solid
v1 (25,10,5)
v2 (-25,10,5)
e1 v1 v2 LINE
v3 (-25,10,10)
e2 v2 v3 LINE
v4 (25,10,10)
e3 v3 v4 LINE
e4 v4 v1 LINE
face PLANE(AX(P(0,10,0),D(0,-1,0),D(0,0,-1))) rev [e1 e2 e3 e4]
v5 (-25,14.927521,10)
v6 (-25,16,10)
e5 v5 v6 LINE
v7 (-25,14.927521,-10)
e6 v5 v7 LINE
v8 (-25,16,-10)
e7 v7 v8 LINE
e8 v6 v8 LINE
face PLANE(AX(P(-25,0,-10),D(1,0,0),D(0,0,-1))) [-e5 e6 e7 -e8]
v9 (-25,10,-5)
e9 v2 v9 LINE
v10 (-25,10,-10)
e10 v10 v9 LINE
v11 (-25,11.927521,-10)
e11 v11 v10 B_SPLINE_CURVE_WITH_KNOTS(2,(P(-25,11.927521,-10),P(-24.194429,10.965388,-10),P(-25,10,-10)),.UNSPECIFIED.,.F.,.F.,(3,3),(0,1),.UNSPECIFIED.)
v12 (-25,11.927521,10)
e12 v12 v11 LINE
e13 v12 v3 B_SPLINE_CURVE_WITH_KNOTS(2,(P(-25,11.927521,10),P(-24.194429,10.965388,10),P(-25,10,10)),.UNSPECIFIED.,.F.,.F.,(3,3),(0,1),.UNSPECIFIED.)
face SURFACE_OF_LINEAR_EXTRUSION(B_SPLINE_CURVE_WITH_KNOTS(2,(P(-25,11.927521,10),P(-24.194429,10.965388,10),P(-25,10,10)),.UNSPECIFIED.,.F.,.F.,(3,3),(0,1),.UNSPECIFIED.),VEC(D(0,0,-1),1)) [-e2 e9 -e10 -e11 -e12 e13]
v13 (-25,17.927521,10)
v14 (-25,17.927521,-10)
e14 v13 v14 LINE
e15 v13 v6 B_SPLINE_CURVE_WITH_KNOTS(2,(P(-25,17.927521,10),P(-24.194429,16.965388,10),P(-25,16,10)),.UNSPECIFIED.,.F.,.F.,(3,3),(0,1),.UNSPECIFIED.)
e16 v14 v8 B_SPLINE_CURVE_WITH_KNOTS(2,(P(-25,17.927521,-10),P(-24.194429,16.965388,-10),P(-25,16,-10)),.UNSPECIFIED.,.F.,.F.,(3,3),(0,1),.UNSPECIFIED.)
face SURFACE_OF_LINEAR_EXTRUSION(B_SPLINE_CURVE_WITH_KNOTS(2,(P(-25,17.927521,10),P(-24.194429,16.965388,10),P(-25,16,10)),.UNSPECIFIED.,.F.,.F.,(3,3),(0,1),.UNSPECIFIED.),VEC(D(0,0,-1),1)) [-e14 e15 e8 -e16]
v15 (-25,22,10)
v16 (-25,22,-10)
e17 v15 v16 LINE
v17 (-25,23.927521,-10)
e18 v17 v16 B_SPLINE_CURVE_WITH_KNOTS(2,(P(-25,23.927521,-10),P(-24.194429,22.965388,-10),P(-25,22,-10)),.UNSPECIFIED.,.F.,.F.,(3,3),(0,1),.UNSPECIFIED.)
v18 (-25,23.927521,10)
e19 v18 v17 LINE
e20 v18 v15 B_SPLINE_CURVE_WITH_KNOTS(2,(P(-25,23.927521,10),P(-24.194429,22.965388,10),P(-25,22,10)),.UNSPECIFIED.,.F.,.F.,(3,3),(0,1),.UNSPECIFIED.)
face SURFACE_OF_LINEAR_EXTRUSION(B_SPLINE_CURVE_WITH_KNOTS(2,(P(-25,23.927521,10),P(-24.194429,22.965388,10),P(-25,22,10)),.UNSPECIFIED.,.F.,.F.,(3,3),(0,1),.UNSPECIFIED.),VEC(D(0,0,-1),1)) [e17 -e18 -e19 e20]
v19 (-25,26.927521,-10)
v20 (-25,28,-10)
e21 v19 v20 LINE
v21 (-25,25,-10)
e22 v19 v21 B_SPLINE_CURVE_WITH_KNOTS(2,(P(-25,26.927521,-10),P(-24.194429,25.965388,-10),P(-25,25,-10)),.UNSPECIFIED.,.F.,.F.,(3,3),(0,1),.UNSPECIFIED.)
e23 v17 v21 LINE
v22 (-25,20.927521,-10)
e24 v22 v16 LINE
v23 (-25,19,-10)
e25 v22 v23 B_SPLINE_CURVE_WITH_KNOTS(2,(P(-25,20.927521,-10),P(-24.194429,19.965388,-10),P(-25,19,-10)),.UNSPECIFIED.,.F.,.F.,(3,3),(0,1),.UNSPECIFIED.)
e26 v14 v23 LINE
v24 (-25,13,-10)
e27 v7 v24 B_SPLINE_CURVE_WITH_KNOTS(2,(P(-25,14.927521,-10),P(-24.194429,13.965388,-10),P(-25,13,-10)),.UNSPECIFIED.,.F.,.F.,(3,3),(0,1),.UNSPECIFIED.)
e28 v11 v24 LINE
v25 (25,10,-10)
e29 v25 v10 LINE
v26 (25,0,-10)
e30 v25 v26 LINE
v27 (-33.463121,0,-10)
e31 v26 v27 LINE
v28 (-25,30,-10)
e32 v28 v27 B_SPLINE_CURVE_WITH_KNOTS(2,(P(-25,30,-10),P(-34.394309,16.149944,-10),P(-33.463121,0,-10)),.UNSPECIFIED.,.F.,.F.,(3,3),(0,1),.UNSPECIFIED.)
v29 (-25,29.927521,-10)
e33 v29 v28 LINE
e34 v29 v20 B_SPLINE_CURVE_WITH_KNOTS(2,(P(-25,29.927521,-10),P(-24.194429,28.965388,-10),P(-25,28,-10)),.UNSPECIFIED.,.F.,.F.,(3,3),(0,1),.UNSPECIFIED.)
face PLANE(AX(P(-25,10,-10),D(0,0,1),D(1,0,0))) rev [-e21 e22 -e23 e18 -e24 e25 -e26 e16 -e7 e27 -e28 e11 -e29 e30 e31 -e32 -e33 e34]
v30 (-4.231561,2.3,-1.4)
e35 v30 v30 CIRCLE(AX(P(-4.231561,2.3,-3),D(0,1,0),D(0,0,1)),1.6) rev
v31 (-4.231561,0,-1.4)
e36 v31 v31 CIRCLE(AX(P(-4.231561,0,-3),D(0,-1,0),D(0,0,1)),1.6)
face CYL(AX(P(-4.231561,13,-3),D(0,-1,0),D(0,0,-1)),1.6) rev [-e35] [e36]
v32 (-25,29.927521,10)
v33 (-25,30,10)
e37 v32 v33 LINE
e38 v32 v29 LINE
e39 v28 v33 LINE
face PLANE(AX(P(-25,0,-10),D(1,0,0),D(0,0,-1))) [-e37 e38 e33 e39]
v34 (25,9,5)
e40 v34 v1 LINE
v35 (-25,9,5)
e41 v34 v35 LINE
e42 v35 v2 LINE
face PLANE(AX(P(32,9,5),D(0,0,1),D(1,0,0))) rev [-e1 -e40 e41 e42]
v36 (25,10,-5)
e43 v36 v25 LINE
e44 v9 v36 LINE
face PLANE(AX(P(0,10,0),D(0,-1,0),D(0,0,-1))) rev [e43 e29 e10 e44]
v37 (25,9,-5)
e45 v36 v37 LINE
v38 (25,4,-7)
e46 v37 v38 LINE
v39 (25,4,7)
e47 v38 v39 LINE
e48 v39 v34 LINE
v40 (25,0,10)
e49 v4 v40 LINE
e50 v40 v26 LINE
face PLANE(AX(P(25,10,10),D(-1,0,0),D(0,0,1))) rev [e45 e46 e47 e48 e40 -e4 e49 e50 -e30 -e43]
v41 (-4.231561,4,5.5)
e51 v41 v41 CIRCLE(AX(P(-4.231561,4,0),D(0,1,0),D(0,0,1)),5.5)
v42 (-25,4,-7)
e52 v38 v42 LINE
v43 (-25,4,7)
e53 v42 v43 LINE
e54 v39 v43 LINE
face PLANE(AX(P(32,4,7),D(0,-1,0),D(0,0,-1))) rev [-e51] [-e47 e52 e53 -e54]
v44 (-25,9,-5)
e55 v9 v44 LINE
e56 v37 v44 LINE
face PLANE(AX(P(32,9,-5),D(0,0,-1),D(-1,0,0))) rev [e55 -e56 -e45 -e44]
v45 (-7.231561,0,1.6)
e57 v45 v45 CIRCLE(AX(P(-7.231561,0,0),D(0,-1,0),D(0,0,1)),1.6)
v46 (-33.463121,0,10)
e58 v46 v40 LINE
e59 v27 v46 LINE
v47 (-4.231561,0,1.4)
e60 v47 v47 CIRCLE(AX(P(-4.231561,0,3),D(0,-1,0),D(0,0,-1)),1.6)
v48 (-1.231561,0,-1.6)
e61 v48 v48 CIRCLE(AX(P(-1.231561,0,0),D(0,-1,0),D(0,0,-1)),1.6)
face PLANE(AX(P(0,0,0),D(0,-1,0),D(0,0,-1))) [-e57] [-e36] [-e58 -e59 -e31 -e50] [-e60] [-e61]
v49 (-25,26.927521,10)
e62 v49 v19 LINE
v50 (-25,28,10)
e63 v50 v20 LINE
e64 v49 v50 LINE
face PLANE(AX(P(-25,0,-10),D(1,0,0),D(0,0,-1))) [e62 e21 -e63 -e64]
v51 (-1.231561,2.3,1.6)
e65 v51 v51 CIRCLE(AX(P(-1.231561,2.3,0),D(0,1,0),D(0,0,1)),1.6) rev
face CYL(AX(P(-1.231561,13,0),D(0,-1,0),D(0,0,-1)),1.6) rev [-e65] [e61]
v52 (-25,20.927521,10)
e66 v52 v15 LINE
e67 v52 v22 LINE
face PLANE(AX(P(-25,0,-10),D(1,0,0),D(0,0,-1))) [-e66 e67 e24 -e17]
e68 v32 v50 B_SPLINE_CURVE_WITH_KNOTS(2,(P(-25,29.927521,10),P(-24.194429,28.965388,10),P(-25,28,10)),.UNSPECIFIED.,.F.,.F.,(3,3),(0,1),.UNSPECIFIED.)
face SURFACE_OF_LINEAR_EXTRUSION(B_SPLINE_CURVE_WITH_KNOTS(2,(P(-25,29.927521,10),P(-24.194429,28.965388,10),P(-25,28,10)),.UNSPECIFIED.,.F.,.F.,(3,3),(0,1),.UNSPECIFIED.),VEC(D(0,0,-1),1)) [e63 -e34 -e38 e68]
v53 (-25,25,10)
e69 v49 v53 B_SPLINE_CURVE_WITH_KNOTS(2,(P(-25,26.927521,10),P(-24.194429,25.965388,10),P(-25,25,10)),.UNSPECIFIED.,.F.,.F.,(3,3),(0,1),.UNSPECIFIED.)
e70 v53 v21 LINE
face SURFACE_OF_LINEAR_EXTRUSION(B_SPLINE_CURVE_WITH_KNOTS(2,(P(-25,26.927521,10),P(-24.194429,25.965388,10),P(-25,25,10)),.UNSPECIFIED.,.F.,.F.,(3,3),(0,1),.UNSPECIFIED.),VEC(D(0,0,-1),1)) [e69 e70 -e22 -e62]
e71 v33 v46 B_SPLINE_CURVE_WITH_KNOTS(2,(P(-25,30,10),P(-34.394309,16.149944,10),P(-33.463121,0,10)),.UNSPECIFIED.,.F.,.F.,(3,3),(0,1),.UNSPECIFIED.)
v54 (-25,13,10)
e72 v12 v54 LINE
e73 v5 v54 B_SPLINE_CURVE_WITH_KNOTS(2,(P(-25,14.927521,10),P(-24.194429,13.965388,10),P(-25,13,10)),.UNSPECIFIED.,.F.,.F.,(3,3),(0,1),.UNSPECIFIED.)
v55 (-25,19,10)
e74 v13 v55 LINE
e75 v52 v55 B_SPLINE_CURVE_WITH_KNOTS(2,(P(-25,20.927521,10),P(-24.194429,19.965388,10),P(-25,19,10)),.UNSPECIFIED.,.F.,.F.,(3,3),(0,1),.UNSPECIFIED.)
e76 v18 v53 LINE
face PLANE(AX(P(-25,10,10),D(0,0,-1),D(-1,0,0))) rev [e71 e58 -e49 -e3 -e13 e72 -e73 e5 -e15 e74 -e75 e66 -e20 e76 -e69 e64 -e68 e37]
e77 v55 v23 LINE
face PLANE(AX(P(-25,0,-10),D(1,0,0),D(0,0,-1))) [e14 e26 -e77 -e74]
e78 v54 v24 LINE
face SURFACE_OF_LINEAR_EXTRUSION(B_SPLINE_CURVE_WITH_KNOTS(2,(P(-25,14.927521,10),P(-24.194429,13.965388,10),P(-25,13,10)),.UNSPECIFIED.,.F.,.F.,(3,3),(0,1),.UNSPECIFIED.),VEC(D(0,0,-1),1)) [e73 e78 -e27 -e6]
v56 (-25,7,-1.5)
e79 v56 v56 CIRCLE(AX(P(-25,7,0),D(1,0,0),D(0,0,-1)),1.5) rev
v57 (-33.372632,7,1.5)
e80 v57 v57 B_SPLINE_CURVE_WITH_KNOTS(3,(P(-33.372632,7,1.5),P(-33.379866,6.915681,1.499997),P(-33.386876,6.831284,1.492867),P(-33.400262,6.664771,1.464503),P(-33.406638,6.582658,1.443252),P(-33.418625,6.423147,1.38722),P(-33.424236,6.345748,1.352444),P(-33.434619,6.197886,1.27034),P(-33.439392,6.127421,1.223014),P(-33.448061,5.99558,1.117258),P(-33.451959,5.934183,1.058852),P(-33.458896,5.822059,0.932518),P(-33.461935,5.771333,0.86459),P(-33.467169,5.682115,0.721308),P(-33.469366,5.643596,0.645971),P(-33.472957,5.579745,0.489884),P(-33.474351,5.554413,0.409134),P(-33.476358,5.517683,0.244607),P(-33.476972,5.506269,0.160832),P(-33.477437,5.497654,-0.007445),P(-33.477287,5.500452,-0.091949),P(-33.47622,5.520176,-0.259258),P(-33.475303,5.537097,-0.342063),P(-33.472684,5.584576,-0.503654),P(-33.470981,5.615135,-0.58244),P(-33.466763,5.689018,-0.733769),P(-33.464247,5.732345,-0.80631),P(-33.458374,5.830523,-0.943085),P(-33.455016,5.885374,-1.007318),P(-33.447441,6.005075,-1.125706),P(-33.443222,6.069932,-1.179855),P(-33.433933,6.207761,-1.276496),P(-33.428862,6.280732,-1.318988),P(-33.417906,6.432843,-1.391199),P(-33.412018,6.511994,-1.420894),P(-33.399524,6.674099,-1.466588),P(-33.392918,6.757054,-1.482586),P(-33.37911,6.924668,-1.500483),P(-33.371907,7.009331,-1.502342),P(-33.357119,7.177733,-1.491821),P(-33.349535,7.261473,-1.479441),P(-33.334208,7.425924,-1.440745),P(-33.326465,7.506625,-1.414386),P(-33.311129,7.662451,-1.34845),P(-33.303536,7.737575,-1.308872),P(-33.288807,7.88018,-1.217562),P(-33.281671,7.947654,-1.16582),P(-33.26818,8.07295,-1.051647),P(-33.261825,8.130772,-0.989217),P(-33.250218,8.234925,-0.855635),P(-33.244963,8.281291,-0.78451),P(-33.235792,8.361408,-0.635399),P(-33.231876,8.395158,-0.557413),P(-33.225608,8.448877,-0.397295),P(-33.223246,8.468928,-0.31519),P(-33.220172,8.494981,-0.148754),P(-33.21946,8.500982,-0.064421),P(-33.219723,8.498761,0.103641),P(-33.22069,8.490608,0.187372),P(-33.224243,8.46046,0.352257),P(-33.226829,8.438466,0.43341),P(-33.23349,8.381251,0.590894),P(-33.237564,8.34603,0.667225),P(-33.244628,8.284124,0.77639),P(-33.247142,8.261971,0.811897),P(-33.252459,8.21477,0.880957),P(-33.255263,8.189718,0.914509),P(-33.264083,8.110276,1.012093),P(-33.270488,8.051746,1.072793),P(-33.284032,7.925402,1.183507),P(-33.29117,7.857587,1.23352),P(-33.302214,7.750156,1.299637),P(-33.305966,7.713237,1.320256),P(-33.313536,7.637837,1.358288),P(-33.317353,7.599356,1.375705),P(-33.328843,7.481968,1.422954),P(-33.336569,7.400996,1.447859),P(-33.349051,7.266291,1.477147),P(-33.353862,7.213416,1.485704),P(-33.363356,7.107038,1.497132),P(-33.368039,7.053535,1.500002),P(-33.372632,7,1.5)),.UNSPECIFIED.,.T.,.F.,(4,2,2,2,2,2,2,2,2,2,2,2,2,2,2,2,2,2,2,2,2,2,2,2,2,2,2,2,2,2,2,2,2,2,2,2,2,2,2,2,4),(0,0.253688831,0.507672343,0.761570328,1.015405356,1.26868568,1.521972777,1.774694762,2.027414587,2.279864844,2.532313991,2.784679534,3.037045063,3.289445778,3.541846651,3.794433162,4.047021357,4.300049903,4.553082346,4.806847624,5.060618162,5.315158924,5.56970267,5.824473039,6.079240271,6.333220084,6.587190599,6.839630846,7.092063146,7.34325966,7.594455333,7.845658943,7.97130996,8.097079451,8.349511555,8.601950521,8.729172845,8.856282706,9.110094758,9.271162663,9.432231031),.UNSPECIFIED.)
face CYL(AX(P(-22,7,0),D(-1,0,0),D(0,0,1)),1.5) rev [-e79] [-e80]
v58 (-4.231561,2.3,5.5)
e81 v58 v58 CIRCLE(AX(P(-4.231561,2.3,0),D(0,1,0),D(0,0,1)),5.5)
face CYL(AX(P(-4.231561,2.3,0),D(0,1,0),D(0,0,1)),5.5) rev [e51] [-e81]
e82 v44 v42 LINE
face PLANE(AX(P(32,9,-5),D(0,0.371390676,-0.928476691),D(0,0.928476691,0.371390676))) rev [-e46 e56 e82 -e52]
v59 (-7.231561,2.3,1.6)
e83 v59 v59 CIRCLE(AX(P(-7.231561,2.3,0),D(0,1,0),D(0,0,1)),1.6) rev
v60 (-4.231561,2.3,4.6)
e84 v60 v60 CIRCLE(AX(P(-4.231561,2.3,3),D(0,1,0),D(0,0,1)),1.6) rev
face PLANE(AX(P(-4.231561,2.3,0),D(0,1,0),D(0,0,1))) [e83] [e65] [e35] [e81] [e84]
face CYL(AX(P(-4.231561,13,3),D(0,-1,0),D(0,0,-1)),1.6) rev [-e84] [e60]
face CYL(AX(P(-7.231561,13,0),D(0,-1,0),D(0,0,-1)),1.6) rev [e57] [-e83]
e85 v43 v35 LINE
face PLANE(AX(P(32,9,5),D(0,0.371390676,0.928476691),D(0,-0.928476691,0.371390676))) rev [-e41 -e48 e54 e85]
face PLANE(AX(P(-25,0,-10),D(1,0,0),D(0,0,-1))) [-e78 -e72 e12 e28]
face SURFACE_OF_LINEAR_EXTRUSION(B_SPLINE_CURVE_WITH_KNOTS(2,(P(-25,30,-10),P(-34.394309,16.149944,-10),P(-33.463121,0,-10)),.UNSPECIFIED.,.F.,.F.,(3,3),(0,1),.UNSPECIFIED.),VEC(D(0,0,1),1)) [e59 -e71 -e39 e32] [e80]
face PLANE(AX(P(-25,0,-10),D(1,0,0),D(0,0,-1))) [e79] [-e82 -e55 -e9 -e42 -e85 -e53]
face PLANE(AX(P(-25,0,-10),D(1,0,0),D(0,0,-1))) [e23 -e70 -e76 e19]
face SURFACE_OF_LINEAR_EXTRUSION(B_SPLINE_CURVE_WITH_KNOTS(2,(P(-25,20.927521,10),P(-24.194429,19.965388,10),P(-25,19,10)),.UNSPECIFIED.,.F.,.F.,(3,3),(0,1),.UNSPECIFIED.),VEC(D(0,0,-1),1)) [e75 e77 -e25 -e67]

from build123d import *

# Parameters (mm, degrees)
SKETCH_1_W               = 50
SKETCH_1_H               = 20
EXTRUDE_1_DEPTH          = 10
CUT_EXTRUDE_1_DEPTH      = 57
CUT_EXTRUDE_2_DEPTH      = 57
EXTRUDE_2_DEPTH          = 20
EXTRUDE_3_DEPTH          = 20
CUT_EXTRUDE_3_DEPTH      = 3
CUT_EXTRUDE_3_DEPTH_BACK = 16
SKETCH_7_R               = 1.5
SKETCH_12_R              = 1.6
CUT_EXTRUDE_4_DEPTH      = 13
SKETCH_13_R              = 5.5
CUT_EXTRUDE_6_DEPTH      = 1.7


with BuildPart() as part:
    # 草图1 → 凸台-拉伸1 (new body)
    with BuildSketch(Plane(origin=(0, 0, 0), x_dir=(1, 0, 0), z_dir=(0, 1, 0))):
        Rectangle(SKETCH_1_W, SKETCH_1_H)
    extrude(amount=EXTRUDE_1_DEPTH)

    # 草图2 → 切除-拉伸1 (cut)
    with BuildSketch(Plane.ZY.offset(25)):
        Polygon((7, 4), (-7, 4), (-5, 9), (5, 9), align=None)
    extrude(amount=-CUT_EXTRUDE_1_DEPTH, mode=Mode.SUBTRACT)

    # 草图3 → 切除-拉伸2 (cut)
    with BuildSketch(Plane.ZY.offset(25)):
        Polygon((-5, 9), (-5, 16.661524688), (-5, 24.510715087), (5, 24.510715087), (5, 9), align=None)
    extrude(amount=-CUT_EXTRUDE_2_DEPTH, mode=Mode.SUBTRACT)

    # 草图5 → 凸台-拉伸2 (add)
    with BuildSketch(Plane.XY.offset(10)):
        with BuildLine():
            Line((-25, 0), (-25, 30))
            add(Edge.make_bspline(
                [(-25, 30), (-34.394309347, 16.149944275), (-33.463121006, 0)],
                knots=[0, 0, 0, 1, 1, 1], degree=2))
            Line((-33.463121006, 0), (-25, 0))
        make_face()
    extrude(amount=-EXTRUDE_2_DEPTH)

    # 草图6 → 凸台-拉伸3 (add)
    with BuildSketch(Plane(origin=(0, 0, -10), x_dir=(-1, 0, 0), z_dir=(0, 0, -1))):
        with BuildLine():
            Line((25, 11.927521415), (25, 10))
            add(Edge.make_bspline(
                [(25, 10), (24.19442895, 10.965387518), (25, 11.927521415)],
                knots=[0, 0, 0, 1, 1, 1], degree=2))
        make_face()
        with BuildLine():
            Line((25, 14.927521415), (25, 13))
            add(Edge.make_bspline(
                [(25, 13), (24.19442895, 13.965387518), (25, 14.927521415)],
                knots=[0, 0, 0, 1, 1, 1], degree=2))
        make_face()
        with BuildLine():
            Line((25, 17.927521415), (25, 16))
            add(Edge.make_bspline(
                [(25, 16), (24.19442895, 16.965387518), (25, 17.927521415)],
                knots=[0, 0, 0, 1, 1, 1], degree=2))
        make_face()
        with BuildLine():
            Line((25, 20.927521415), (25, 19))
            add(Edge.make_bspline(
                [(25, 19), (24.19442895, 19.965387518), (25, 20.927521415)],
                knots=[0, 0, 0, 1, 1, 1], degree=2))
        make_face()
        with BuildLine():
            Line((25, 23.927521415), (25, 22))
            add(Edge.make_bspline(
                [(25, 22), (24.19442895, 22.965387518), (25, 23.927521415)],
                knots=[0, 0, 0, 1, 1, 1], degree=2))
        make_face()
        with BuildLine():
            Line((25, 26.927521415), (25, 25))
            add(Edge.make_bspline(
                [(25, 25), (24.19442895, 25.965387518), (25, 26.927521415)],
                knots=[0, 0, 0, 1, 1, 1], degree=2))
        make_face()
        with BuildLine():
            Line((25, 29.927521415), (25, 28))
            add(Edge.make_bspline(
                [(25, 28), (24.19442895, 28.965387518), (25, 29.927521415)],
                knots=[0, 0, 0, 1, 1, 1], degree=2))
        make_face()
    extrude(amount=-EXTRUDE_3_DEPTH)

    # 草图7 → 切除-拉伸3 (cut, two sides: drawn at the far end of the back side and taken through both)
    with BuildSketch(Plane(origin=(-25, 0, 0), x_dir=(0, 0, -1), z_dir=(1, 0, 0)).offset(-CUT_EXTRUDE_3_DEPTH_BACK)):
        with Locations(Location((0, 7, 0), (0, 0, 180))):
            Circle(SKETCH_7_R)
    extrude(amount=CUT_EXTRUDE_3_DEPTH + CUT_EXTRUDE_3_DEPTH_BACK, mode=Mode.SUBTRACT)

    # 草图12 → 切除-拉伸4 (cut)
    with BuildSketch(Plane.XZ):
        with Locations(Location((-4.231560503, 3, 0), (0, 0, 270))):
            Circle(SKETCH_12_R)
        with Locations(Location((-4.231560503, -3, 0), (0, 0, 270))):
            Circle(SKETCH_12_R)
        with Locations(Location((-1.231560503, 0, 0), (0, 0, 270))):
            Circle(SKETCH_12_R)
        with Locations(Location((-7.231560503, 0, 0), (0, 0, 270))):
            Circle(SKETCH_12_R)
    extrude(amount=-CUT_EXTRUDE_4_DEPTH, mode=Mode.SUBTRACT)

    # 草图13 → 切除-拉伸6 (cut)
    with BuildSketch(Plane(origin=(0, 4, 0), x_dir=(1, 0, 0), z_dir=(0, 1, 0))):
        with Locations(Location((-4.231560503, 0, 0), (0, 0, 270))):
            Circle(SKETCH_13_R)
    extrude(amount=-CUT_EXTRUDE_6_DEPTH, mode=Mode.SUBTRACT)


solid = part.part
